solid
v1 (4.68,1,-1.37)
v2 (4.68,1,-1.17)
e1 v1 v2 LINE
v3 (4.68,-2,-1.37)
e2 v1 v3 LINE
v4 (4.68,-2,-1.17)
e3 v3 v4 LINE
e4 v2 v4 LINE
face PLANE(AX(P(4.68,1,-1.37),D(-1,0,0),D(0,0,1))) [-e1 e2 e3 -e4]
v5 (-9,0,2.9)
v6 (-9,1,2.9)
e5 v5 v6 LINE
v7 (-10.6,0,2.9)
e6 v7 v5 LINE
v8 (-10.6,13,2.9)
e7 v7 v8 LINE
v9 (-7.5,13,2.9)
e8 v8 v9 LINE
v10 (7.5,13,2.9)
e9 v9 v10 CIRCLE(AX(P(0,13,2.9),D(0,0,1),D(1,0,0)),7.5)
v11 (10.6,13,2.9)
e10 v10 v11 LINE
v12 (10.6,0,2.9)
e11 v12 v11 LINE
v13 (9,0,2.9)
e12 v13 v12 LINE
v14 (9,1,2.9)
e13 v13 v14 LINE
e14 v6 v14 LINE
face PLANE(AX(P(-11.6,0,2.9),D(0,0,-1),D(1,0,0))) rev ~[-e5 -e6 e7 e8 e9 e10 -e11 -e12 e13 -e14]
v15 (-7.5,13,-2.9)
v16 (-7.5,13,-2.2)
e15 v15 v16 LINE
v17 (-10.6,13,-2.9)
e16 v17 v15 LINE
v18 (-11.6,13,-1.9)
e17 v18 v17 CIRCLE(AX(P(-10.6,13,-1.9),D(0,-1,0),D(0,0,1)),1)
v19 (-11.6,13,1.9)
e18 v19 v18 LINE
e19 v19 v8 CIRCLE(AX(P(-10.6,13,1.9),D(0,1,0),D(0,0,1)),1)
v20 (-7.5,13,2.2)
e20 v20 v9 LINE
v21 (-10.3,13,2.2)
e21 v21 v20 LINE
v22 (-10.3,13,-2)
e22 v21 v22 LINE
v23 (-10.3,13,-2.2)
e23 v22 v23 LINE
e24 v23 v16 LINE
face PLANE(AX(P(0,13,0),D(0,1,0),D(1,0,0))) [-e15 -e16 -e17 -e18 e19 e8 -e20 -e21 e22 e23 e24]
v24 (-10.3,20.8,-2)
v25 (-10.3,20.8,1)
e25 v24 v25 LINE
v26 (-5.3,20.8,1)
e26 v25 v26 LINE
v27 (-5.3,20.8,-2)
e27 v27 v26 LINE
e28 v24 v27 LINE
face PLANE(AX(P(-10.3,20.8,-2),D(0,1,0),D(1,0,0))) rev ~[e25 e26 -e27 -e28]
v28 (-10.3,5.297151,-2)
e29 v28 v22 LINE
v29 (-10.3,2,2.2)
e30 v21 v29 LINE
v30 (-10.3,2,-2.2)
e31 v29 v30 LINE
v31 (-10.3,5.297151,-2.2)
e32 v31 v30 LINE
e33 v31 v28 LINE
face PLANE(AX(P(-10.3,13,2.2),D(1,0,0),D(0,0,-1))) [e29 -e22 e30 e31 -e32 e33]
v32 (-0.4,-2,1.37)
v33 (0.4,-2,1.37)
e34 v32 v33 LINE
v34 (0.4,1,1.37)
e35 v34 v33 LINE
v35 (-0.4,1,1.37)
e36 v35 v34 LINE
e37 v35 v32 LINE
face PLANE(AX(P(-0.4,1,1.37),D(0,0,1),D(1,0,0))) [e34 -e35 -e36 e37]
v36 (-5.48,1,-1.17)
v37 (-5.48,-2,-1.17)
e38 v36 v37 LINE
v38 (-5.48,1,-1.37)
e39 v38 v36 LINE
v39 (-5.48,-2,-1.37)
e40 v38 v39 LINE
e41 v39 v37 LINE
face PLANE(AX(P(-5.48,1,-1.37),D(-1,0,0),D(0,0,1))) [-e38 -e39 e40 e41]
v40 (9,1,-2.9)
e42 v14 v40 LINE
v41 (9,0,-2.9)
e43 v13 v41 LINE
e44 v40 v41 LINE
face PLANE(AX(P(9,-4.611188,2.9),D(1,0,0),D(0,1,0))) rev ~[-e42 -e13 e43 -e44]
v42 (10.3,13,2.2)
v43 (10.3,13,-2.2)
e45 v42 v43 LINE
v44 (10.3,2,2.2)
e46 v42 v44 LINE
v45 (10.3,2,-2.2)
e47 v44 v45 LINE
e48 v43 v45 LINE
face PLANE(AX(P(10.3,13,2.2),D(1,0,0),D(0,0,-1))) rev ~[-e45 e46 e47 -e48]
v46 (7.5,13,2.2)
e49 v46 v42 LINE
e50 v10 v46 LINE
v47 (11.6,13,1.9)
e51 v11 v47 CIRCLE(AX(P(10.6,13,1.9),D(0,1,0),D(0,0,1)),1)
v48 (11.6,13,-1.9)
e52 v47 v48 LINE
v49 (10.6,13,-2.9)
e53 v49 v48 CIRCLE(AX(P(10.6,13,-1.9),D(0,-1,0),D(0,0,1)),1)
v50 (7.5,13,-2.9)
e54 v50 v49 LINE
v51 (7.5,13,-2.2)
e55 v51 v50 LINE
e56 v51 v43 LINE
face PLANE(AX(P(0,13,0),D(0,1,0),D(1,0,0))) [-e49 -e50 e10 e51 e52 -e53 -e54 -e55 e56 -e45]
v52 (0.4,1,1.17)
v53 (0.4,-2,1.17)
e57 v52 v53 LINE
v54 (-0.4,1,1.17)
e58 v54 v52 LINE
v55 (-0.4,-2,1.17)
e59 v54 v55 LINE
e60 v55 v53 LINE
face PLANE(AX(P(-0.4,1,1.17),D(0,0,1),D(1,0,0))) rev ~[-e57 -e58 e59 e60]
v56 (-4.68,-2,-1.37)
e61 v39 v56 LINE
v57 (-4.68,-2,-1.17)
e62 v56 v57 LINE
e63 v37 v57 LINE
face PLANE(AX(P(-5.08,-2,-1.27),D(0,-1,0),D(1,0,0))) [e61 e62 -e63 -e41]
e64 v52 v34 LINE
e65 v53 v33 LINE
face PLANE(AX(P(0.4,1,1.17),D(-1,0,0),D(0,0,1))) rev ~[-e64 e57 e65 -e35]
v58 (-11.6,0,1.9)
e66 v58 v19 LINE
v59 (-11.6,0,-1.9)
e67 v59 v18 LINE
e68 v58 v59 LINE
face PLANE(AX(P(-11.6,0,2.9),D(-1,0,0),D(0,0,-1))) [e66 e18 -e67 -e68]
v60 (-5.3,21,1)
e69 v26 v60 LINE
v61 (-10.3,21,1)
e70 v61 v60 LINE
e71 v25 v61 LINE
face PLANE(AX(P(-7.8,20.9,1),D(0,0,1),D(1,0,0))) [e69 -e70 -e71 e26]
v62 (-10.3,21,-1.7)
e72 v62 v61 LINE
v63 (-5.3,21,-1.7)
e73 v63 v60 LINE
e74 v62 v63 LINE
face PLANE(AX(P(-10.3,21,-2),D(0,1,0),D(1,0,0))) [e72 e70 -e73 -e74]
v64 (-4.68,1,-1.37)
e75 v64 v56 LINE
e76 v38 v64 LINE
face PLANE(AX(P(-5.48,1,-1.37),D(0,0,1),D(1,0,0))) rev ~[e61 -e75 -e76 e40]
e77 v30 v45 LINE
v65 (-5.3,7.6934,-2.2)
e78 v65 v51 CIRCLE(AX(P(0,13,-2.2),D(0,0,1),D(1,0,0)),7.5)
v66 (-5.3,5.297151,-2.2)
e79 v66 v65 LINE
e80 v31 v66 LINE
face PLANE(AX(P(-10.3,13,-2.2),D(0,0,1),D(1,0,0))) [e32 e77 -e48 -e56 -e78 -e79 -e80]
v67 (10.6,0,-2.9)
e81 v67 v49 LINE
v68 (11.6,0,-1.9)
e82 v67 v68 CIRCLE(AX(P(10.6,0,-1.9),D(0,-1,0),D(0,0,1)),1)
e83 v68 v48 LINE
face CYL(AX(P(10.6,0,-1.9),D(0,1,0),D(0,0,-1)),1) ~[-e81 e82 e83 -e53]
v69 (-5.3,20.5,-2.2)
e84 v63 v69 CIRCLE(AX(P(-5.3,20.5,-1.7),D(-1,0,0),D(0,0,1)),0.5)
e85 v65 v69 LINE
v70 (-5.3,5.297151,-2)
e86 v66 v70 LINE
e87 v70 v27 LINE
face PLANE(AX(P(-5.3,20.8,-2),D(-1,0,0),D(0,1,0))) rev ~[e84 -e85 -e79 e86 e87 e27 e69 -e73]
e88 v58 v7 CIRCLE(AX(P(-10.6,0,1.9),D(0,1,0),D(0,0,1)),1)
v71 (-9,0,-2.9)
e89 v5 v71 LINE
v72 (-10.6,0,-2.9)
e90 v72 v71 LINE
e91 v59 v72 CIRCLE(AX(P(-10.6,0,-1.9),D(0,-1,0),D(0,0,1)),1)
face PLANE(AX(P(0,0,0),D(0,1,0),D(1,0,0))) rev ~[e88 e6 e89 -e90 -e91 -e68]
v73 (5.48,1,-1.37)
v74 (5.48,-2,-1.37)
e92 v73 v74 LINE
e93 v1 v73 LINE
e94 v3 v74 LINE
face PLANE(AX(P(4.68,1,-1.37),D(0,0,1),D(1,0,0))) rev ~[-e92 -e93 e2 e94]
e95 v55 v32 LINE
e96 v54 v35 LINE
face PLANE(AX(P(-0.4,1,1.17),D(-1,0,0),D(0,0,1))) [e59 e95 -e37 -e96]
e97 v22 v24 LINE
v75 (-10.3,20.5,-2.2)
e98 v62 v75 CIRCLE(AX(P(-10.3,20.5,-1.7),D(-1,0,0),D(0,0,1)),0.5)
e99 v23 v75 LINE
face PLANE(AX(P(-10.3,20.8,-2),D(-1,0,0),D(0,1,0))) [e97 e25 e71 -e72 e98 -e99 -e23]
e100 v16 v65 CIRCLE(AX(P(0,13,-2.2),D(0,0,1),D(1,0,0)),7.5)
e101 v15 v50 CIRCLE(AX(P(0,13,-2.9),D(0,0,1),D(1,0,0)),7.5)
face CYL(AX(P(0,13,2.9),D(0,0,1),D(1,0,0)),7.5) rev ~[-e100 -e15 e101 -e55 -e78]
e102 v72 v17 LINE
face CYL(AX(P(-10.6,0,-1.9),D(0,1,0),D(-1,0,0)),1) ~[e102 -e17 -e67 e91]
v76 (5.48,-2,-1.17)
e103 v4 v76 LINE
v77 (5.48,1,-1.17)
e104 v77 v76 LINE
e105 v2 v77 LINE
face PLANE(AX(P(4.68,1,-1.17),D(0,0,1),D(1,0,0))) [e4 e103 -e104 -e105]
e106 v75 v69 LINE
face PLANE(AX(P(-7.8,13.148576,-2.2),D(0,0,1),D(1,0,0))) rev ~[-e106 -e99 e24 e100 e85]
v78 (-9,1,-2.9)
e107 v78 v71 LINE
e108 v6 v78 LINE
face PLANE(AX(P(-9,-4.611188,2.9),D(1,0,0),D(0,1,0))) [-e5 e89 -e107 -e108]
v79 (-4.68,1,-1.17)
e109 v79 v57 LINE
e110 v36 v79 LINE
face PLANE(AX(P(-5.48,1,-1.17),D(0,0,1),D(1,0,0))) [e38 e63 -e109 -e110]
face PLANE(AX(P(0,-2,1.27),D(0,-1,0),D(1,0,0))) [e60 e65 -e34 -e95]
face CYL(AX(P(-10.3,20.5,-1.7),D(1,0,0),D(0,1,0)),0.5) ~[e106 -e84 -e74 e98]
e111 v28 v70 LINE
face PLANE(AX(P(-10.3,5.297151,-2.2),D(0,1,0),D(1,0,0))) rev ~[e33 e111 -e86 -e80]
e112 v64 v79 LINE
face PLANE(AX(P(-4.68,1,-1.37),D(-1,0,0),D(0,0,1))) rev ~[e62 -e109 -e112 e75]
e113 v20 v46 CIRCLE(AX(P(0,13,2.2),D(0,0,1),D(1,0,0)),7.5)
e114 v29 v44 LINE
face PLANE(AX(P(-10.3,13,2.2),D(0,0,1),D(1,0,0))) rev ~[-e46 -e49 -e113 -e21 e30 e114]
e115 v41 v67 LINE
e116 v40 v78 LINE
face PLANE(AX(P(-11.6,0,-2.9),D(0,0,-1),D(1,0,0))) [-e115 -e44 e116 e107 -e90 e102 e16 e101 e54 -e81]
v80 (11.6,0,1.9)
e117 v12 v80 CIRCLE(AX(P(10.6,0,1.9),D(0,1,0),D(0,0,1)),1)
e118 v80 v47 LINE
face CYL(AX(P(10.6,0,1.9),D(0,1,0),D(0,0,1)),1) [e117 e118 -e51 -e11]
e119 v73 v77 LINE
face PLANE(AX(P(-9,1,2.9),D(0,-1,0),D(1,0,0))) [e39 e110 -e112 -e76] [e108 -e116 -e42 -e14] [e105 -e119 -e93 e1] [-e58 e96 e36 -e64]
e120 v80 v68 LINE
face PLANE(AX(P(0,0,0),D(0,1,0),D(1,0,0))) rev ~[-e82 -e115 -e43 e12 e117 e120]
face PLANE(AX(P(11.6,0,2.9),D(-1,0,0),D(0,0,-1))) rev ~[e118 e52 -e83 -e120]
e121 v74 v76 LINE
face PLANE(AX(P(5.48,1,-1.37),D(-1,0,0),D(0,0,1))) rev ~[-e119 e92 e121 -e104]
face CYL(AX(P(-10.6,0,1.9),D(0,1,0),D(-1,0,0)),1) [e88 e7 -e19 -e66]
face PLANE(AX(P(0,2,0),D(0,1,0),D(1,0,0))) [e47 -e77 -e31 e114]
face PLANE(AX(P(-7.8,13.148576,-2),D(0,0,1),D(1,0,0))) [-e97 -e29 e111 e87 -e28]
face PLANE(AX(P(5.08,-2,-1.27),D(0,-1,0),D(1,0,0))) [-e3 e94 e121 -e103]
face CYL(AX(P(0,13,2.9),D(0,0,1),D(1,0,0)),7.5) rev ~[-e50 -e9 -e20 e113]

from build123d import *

# Parameters (mm, degrees)
SKETCH1_W           = 23.2
SKETCH1_H           = 5.8
BOSS_EXTRUDE1_DEPTH = 13
SKETCH2_R           = 7.5
SKETCH2_W           = 18
SKETCH2_H           = 5.61118816
CUT_EXTRUDE1_DEPTH  = 19.36300629
SKETCH3_W           = 20.6
SKETCH3_H           = 4.4
CUT_EXTRUDE2_DEPTH  = 11
SKETCH4_W           = 0.8
SKETCH4_H           = 0.2
BOSS_EXTRUDE2_DEPTH = 3
FILLET1_R           = 1
SKETCH5_W           = 5
SKETCH5_H           = 15.702848837
BOSS_EXTRUDE3_DEPTH = 0.2
SKETCH6_W           = 5
SKETCH6_H           = 0.2
BOSS_EXTRUDE4_DEPTH = 3
FILLET2_R           = 0.5


with BuildPart() as part:
    # Sketch1 → Boss-Extrude1 (new body)
    with BuildSketch(Plane(origin=(0, 0, 0), x_dir=(1, 0, 0), z_dir=(0, 1, 0))):
        Rectangle(SKETCH1_W, SKETCH1_H)
    extrude(amount=BOSS_EXTRUDE1_DEPTH)

    # Sketch2 → Cut-Extrude1 (cut, through all)
    with BuildSketch(Plane.XY.offset(2.9)):
        with Locations((0, 13)):
            Circle(SKETCH2_R)
        with Locations((0, -1.80559408)):
            Rectangle(SKETCH2_W, SKETCH2_H)
    extrude(amount=-CUT_EXTRUDE1_DEPTH, mode=Mode.SUBTRACT)

    # Sketch3 → Cut-Extrude2 (cut)
    with BuildSketch(Plane(origin=(0, 13, 0), x_dir=(1, 0, 0), z_dir=(0, 1, 0))):
        Rectangle(SKETCH3_W, SKETCH3_H)
    extrude(amount=-CUT_EXTRUDE2_DEPTH, mode=Mode.SUBTRACT)

    # Sketch4 → Boss-Extrude2 (add)
    with BuildSketch(Plane.XZ.offset(-1)):
        with Locations((0, 1.27)):
            Rectangle(SKETCH4_W, SKETCH4_H)
        with Locations((-5.08, -1.27)):
            Rectangle(SKETCH4_W, SKETCH4_H)
        with Locations((5.08, -1.27)):
            Rectangle(SKETCH4_W, SKETCH4_H)
    extrude(amount=BOSS_EXTRUDE2_DEPTH)

    # Fillet1
    fillet1_edges = [part.edges().sort_by_distance(p)[0] for p in [
        (11.6, 6.5, 2.9),
        (-11.6, 6.5, 2.9),
        (-11.6, 6.5, -2.9),
        (11.6, 6.5, -2.9),
    ]]
    fillet(fillet1_edges, radius=FILLET1_R)

    # Sketch5 → Boss-Extrude3 (add)
    with BuildSketch(Plane.XY.offset(-2.2)):
        with Locations((-7.8, 13.148575582)):
            Rectangle(SKETCH5_W, SKETCH5_H)
    extrude(amount=BOSS_EXTRUDE3_DEPTH)

    # Sketch6 → Boss-Extrude4 (add)
    with BuildSketch(Plane.XY.offset(-2)):
        with Locations((-7.8, 20.9)):
            Rectangle(SKETCH6_W, SKETCH6_H)
    extrude(amount=BOSS_EXTRUDE4_DEPTH)

    # Fillet2
    fillet2_edges = [part.edges().sort_by_distance(p)[0] for p in [
        (-7.8, 21, -2.2),
    ]]
    fillet(fillet2_edges, radius=FILLET2_R)


solid = part.part
